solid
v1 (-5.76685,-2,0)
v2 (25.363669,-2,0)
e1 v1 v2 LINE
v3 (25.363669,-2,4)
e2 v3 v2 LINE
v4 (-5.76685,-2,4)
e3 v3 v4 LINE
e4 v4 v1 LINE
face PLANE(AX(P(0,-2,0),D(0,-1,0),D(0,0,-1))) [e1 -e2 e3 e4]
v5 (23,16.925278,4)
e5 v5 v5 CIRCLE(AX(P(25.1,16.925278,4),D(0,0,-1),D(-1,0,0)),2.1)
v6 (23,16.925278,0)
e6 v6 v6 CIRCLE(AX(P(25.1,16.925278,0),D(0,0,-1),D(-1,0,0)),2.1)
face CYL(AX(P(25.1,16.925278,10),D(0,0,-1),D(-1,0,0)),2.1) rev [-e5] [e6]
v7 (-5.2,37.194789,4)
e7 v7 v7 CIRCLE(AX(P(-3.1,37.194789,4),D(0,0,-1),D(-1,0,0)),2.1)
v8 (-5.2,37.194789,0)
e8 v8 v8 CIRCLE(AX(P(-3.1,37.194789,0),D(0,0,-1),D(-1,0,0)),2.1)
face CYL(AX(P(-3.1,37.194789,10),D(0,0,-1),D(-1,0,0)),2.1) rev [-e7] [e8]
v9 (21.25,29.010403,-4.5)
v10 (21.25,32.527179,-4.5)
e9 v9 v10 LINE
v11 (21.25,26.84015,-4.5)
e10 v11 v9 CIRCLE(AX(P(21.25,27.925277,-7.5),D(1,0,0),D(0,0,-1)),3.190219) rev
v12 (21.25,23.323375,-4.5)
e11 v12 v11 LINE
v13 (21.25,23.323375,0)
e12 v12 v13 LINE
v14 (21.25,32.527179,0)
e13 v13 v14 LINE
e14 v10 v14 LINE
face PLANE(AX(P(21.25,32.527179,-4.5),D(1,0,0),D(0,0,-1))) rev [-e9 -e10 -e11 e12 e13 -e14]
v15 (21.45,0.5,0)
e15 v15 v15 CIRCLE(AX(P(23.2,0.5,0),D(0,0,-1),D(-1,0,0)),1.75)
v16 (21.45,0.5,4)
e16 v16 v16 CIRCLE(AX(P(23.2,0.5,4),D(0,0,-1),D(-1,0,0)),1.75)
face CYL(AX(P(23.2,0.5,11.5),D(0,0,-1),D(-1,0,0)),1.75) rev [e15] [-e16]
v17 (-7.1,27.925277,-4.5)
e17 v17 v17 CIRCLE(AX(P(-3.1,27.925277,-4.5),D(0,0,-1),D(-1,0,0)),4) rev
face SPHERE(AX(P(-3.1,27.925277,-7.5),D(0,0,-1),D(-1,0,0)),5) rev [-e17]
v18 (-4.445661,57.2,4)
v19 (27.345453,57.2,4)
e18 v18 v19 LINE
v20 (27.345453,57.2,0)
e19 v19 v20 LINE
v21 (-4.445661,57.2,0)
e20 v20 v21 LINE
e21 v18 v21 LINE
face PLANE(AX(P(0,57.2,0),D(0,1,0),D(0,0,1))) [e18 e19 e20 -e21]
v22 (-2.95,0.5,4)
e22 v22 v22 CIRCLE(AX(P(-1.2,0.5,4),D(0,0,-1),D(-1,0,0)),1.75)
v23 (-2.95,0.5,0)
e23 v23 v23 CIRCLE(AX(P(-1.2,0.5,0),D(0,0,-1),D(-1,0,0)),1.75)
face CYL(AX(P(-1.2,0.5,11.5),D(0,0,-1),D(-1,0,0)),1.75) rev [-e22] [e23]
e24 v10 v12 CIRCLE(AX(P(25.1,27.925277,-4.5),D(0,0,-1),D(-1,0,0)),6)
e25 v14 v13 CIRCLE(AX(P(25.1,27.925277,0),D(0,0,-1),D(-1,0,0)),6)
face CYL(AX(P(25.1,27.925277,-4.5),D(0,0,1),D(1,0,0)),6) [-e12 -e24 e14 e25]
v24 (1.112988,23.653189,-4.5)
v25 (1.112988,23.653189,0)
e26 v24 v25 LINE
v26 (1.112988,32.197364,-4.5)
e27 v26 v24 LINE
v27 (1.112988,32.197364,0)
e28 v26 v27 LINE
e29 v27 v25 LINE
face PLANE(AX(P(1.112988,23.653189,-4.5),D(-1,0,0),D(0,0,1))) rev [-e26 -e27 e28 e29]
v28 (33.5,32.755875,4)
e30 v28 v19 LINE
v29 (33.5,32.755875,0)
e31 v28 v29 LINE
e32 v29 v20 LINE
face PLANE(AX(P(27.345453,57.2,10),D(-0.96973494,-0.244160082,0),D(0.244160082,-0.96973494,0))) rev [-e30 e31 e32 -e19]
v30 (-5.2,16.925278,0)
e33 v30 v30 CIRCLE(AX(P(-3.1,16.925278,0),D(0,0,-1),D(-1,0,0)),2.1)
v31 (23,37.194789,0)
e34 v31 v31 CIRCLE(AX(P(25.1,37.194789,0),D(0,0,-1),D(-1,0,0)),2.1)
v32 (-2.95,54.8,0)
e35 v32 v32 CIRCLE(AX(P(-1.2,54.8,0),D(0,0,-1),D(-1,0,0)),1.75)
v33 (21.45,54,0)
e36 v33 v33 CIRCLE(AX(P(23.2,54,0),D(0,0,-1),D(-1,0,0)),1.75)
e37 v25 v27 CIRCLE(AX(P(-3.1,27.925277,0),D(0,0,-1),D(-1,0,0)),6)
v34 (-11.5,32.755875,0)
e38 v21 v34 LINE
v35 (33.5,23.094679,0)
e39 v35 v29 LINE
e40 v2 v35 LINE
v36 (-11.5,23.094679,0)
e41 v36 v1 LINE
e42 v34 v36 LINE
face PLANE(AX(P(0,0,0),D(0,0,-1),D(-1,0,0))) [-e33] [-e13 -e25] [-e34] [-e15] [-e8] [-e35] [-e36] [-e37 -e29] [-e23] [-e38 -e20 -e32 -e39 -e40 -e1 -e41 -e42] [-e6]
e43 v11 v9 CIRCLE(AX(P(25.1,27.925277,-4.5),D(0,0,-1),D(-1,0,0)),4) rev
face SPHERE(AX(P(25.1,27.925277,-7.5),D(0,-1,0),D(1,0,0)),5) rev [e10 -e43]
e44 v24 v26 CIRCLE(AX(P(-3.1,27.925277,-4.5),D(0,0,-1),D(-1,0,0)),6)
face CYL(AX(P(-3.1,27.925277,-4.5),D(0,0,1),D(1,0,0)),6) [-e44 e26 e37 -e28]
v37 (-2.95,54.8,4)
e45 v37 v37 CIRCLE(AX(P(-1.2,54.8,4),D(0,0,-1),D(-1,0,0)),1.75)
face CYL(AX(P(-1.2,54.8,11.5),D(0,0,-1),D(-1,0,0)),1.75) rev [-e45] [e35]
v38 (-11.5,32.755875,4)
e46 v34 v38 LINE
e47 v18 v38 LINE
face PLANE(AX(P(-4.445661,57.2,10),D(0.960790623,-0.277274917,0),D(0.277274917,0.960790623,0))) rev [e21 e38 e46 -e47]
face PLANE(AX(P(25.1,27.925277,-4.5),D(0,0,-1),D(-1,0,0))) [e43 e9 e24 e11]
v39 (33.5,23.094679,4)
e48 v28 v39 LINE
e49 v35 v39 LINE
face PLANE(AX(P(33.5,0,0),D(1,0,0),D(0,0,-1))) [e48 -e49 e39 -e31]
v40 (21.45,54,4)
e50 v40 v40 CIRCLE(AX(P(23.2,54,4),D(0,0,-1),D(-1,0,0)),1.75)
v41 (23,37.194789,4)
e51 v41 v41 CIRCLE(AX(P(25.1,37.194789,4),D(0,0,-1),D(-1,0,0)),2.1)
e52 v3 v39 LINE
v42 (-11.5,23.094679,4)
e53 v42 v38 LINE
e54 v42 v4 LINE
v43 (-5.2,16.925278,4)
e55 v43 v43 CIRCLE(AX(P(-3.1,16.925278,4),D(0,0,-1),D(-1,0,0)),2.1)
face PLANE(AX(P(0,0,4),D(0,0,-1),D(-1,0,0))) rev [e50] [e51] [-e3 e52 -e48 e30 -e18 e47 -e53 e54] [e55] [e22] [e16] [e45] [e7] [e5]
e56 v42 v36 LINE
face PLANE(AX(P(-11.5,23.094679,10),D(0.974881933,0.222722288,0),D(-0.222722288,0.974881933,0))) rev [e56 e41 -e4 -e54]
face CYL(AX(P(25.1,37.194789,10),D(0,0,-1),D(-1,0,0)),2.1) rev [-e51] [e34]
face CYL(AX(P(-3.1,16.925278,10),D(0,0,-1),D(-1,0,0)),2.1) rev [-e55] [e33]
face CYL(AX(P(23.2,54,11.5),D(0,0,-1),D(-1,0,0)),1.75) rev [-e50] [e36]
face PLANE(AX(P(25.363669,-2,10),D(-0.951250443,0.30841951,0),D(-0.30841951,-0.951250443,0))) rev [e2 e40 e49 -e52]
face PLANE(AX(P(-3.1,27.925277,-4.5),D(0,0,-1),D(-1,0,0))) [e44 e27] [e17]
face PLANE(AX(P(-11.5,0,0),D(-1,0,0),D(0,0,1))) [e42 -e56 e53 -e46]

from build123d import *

# Parameters (mm, degrees)
CROQUIS1_W               = 22
CROQUIS1_H               = 55.2
SALIENTE_EXTRUIR1_DEPTH  = 4
CROQUIS2_W               = 12.1
CROQUIS2_H               = 4
CORTAR_EXTRUIR1_DEPTH    = 9.6
CROQUIS3_W               = 12.1
CROQUIS3_H               = 4
CORTAR_EXTRUIR2_DEPTH    = 9.6
CORTAR_EXTRUIR3_DEPTH    = 16
CORTAR_EXTRUIR4_START    = -16
CORTAR_EXTRUIR4_DEPTH    = 16
CROQUIS9_W               = 11.778481694
CROQUIS9_H               = 4
CORTAR_EXTRUIR5_DEPTH    = 2
CROQUIS11_W              = 4.95
CROQUIS11_H              = 4
SALIENTE_EXTRUIR3_DEPTH  = 2
CROQUIS12_W              = 4
CROQUIS12_H              = 1.8
SALIENTE_EXTRUIR4_DEPTH  = 12.1
CROQUIS13_W              = 4.95
CROQUIS13_H              = 4
SALIENTE_EXTRUIR5_DEPTH  = 2
CROQUIS14_W              = 4
CROQUIS14_H              = 1.8
SALIENTE_EXTRUIR6_DEPTH  = 12.1
CROQUIS17_W              = 4
CROQUIS17_H              = 59.2
SALIENTE_EXTRUIR8_DEPTH  = 11.5
CROQUIS18_W              = 4
CROQUIS18_H              = 59.2
SALIENTE_EXTRUIR9_DEPTH  = 11.5
CROQUIS19_R              = 1.75
CORTAR_EXTRUIR6_DEPTH    = 11.5
CORTAR_EXTRUIR7_DEPTH    = 10
CROQUIS27_W              = 12.1
CROQUIS27_H              = 55.6
CORTAR_EXTRUIR8_DEPTH    = 10
CROQUIS28_W              = 12.1
CROQUIS28_H              = 4
SALIENTE_EXTRUIR10_DEPTH = 55.6
SALIENTE_EXTRUIR11_DEPTH = 4.5
CROQUIS30_R              = 2.1
CORTAR_EXTRUIR9_DEPTH    = 10


with BuildPart() as part:
    # Croquis1 → Saliente-Extruir1 (new body)
    with BuildSketch(Plane.XY):
        with Locations((11, 27.6)):
            Rectangle(CROQUIS1_W, CROQUIS1_H)
    extrude(amount=SALIENTE_EXTRUIR1_DEPTH)

    # Croquis2 → Cortar-Extruir1 (cut)
    with BuildSketch(Plane(origin=(0, 55.2, 0), x_dir=(1, 0, 0), z_dir=(0, 1, 0))):
        with Locations((11, -2)):
            Rectangle(CROQUIS2_W, CROQUIS2_H)
    extrude(amount=-CORTAR_EXTRUIR1_DEPTH, mode=Mode.SUBTRACT)

    # Croquis3 → Cortar-Extruir2 (cut)
    with BuildSketch(Plane.XZ):
        with Locations((11, 2)):
            Rectangle(CROQUIS3_W, CROQUIS3_H)
    extrude(amount=-CORTAR_EXTRUIR2_DEPTH, mode=Mode.SUBTRACT)

    # Croquis5 → Cortar-Extruir3 (cut)
    with BuildSketch(Plane.XZ.offset(-9.6)):
        with BuildLine():
            Line((7.4, 4), (14.6, 4))
            ThreePointArc((14.6, 4), (16.401151853, 1.506649462), (17.05, -1.5))
            Line((17.05, -1.5), (4.95, -1.5))
            ThreePointArc((4.95, -1.5), (5.598848147, 1.506649462), (7.4, 4))
        make_face()
    extrude(amount=-CORTAR_EXTRUIR3_DEPTH, mode=Mode.SUBTRACT)

    # Croquis7 → Cortar-Extruir4 (cut)
    with BuildSketch(Plane(origin=(0, 45.6, 0), x_dir=(1, 0, 0), z_dir=(0, 1, 0)).offset(CORTAR_EXTRUIR4_START)):
        with BuildLine():
            Line((4.95, 1.5), (17.05, 1.5))
            ThreePointArc((17.05, 1.5), (16.401151853, -1.506649462), (14.6, -4))
            Line((14.6, -4), (7.4, -4))
            ThreePointArc((7.4, -4), (5.598848147, -1.506649462), (4.95, 1.5))
        make_face()
    extrude(amount=CORTAR_EXTRUIR4_DEPTH, mode=Mode.SUBTRACT)

    # Croquis9 → Cortar-Extruir5 (cut)
    with BuildSketch(Plane(origin=(0, 0, 0), x_dir=(-1, 0, 0), z_dir=(0, 0, -1))):
        with Locations((-11, 27.6)):
            Rectangle(CROQUIS9_W, CROQUIS9_H)
    extrude(amount=-CORTAR_EXTRUIR5_DEPTH, mode=Mode.SUBTRACT)

    # Croquis11 → Saliente-Extruir3 (add)
    with BuildSketch(Plane(origin=(0, 55.2, 0), x_dir=(1, 0, 0), z_dir=(0, 1, 0))):
        with Locations((2.475, -2)):
            Rectangle(CROQUIS11_W, CROQUIS11_H)
        with Locations((19.525, -2)):
            Rectangle(CROQUIS11_W, CROQUIS11_H)
    extrude(amount=SALIENTE_EXTRUIR3_DEPTH)

    # Croquis12 → Saliente-Extruir4 (add)
    with BuildSketch(Plane(origin=(4.95, 0, 0), x_dir=(0, 0, -1), z_dir=(1, 0, 0))):
        with Locations((-2, 56.3)):
            Rectangle(CROQUIS12_W, CROQUIS12_H)
    extrude(amount=SALIENTE_EXTRUIR4_DEPTH)

    # Croquis13 → Saliente-Extruir5 (add)
    with BuildSketch(Plane.XZ):
        with Locations((19.525, 2)):
            Rectangle(CROQUIS13_W, CROQUIS13_H)
        with Locations((2.475, 2)):
            Rectangle(CROQUIS13_W, CROQUIS13_H)
    extrude(amount=SALIENTE_EXTRUIR5_DEPTH)

    # Croquis14 → Saliente-Extruir6 (add)
    with BuildSketch(Plane(origin=(4.95, 0, 0), x_dir=(0, 0, -1), z_dir=(1, 0, 0))):
        with Locations((-2, -1.1)):
            Rectangle(CROQUIS14_W, CROQUIS14_H)
    extrude(amount=SALIENTE_EXTRUIR6_DEPTH)

    # Croquis17 → Saliente-Extruir8 (add)
    with BuildSketch(Plane.ZY):
        with Locations((2, 27.6)):
            Rectangle(CROQUIS17_W, CROQUIS17_H)
    extrude(amount=SALIENTE_EXTRUIR8_DEPTH)

    # Croquis18 → Saliente-Extruir9 (add)
    with BuildSketch(Plane(origin=(22, 0, 0), x_dir=(0, 0, -1), z_dir=(1, 0, 0))):
        with Locations((-2, 27.6)):
            Rectangle(CROQUIS18_W, CROQUIS18_H)
    extrude(amount=SALIENTE_EXTRUIR9_DEPTH)

    # Croquis19 → Cortar-Extruir6 (cut)
    with BuildSketch(Plane(origin=(0, 0, 0), x_dir=(-1, 0, 0), z_dir=(0, 0, -1))):
        with Locations((-23.2, 54)):
            Circle(CROQUIS19_R)
        with Locations((1.2, 54.8)):
            Circle(CROQUIS19_R)
        with Locations((1.2, 0.5)):
            Circle(CROQUIS19_R)
        with Locations((-23.2, 0.5)):
            Circle(CROQUIS19_R)
    extrude(amount=-CORTAR_EXTRUIR6_DEPTH, mode=Mode.SUBTRACT)

    # Croquis21 → Cortar-Extruir7 (cut)
    with BuildSketch(Plane(origin=(0, 0, 0), x_dir=(-1, 0, 0), z_dir=(0, 0, -1))):
        Polygon((-27.345452568, 57.2), (-33.5, 32.755874525), (-33.5, 57.2), align=None)
        Polygon((4.445660904, 57.2), (11.5, 32.755874525), (11.5, 57.2), align=None)
        Polygon((-25.363668871, -2), (-33.5, 23.094679002), (-33.5, -2), align=None)
        Polygon((11.5, 23.094679002), (5.766850036, -2), (11.5, -2), align=None)
    extrude(amount=-CORTAR_EXTRUIR7_DEPTH, mode=Mode.SUBTRACT)

    # Croquis27 → Cortar-Extruir8 (cut)
    with BuildSketch(Plane(origin=(0, 0, 0), x_dir=(-1, 0, 0), z_dir=(0, 0, -1))):
        with Locations((-11, 27.6)):
            Rectangle(CROQUIS27_W, CROQUIS27_H)
    extrude(amount=-CORTAR_EXTRUIR8_DEPTH, mode=Mode.SUBTRACT)

    # Croquis28 → Saliente-Extruir10 (add)
    with BuildSketch(Plane.XZ.offset(-55.4)):
        with Locations((11, 2)):
            Rectangle(CROQUIS28_W, CROQUIS28_H)
    extrude(amount=SALIENTE_EXTRUIR10_DEPTH)

    # Croquis29 → Saliente-Extruir11 (add)
    with BuildSketch(Plane(origin=(0, 0, 0), x_dir=(-1, 0, 0), z_dir=(0, 0, -1))):
        with BuildLine():
            Line((-21.25, 32.527178544), (-21.25, 23.323374983))
            ThreePointArc((-21.25, 23.323374983), (-31.1, 27.925276764), (-21.25, 32.527178544))
        make_face()
        with BuildLine():
            Line((-1.112987938, 23.653189144), (-1.112987938, 32.197364384))
            ThreePointArc((-1.112987938, 32.197364384), (9.1, 27.925276764), (-1.112987938, 23.653189144))
        make_face()
    extrude(amount=SALIENTE_EXTRUIR11_DEPTH)

    # Croquis25 → Cortar-Revolución3 (revolve, cut)
    with BuildSketch(Plane(origin=(0, 0, -7.5), x_dir=(-1, 0, 0), z_dir=(0, 0, -1))):
        with BuildLine():
            Line((-25.1, 22.925276764), (-25.1, 32.925276764))
            ThreePointArc((-25.1, 32.925276764), (-30.1, 27.925276764), (-25.1, 22.925276764))
        make_face()
    revolve(axis=Axis((25.1, 22.925276764, -7.5), (0, 1, 0)), mode=Mode.SUBTRACT)

    # Croquis26 → Cortar-Revolución4 (revolve, cut)
    with BuildSketch(Plane(origin=(0, 0, -7.5), x_dir=(-1, 0, 0), z_dir=(0, 0, -1))):
        with BuildLine():
            Line((3.1, 32.925276764), (3.1, 22.925276764))
            ThreePointArc((3.1, 22.925276764), (8.1, 27.925276764), (3.1, 32.925276764))
        make_face()
    revolve(axis=Axis((-3.1, 32.925276764, -7.5), (0, -1, 0)), mode=Mode.SUBTRACT)

    # Croquis30 → Cortar-Extruir9 (cut)
    with BuildSketch(Plane(origin=(0, 0, 0), x_dir=(-1, 0, 0), z_dir=(0, 0, -1))):
        with Locations((-25.1, 37.194789274)):
            Circle(CROQUIS30_R)
        with Locations((-25.1, 16.925277734)):
            Circle(CROQUIS30_R)
        with Locations((3.1, 37.194789274)):
            Circle(CROQUIS30_R)
        with Locations((3.1, 16.925277734)):
            Circle(CROQUIS30_R)
    extrude(amount=-CORTAR_EXTRUIR9_DEPTH, mode=Mode.SUBTRACT)


solid = part.part
